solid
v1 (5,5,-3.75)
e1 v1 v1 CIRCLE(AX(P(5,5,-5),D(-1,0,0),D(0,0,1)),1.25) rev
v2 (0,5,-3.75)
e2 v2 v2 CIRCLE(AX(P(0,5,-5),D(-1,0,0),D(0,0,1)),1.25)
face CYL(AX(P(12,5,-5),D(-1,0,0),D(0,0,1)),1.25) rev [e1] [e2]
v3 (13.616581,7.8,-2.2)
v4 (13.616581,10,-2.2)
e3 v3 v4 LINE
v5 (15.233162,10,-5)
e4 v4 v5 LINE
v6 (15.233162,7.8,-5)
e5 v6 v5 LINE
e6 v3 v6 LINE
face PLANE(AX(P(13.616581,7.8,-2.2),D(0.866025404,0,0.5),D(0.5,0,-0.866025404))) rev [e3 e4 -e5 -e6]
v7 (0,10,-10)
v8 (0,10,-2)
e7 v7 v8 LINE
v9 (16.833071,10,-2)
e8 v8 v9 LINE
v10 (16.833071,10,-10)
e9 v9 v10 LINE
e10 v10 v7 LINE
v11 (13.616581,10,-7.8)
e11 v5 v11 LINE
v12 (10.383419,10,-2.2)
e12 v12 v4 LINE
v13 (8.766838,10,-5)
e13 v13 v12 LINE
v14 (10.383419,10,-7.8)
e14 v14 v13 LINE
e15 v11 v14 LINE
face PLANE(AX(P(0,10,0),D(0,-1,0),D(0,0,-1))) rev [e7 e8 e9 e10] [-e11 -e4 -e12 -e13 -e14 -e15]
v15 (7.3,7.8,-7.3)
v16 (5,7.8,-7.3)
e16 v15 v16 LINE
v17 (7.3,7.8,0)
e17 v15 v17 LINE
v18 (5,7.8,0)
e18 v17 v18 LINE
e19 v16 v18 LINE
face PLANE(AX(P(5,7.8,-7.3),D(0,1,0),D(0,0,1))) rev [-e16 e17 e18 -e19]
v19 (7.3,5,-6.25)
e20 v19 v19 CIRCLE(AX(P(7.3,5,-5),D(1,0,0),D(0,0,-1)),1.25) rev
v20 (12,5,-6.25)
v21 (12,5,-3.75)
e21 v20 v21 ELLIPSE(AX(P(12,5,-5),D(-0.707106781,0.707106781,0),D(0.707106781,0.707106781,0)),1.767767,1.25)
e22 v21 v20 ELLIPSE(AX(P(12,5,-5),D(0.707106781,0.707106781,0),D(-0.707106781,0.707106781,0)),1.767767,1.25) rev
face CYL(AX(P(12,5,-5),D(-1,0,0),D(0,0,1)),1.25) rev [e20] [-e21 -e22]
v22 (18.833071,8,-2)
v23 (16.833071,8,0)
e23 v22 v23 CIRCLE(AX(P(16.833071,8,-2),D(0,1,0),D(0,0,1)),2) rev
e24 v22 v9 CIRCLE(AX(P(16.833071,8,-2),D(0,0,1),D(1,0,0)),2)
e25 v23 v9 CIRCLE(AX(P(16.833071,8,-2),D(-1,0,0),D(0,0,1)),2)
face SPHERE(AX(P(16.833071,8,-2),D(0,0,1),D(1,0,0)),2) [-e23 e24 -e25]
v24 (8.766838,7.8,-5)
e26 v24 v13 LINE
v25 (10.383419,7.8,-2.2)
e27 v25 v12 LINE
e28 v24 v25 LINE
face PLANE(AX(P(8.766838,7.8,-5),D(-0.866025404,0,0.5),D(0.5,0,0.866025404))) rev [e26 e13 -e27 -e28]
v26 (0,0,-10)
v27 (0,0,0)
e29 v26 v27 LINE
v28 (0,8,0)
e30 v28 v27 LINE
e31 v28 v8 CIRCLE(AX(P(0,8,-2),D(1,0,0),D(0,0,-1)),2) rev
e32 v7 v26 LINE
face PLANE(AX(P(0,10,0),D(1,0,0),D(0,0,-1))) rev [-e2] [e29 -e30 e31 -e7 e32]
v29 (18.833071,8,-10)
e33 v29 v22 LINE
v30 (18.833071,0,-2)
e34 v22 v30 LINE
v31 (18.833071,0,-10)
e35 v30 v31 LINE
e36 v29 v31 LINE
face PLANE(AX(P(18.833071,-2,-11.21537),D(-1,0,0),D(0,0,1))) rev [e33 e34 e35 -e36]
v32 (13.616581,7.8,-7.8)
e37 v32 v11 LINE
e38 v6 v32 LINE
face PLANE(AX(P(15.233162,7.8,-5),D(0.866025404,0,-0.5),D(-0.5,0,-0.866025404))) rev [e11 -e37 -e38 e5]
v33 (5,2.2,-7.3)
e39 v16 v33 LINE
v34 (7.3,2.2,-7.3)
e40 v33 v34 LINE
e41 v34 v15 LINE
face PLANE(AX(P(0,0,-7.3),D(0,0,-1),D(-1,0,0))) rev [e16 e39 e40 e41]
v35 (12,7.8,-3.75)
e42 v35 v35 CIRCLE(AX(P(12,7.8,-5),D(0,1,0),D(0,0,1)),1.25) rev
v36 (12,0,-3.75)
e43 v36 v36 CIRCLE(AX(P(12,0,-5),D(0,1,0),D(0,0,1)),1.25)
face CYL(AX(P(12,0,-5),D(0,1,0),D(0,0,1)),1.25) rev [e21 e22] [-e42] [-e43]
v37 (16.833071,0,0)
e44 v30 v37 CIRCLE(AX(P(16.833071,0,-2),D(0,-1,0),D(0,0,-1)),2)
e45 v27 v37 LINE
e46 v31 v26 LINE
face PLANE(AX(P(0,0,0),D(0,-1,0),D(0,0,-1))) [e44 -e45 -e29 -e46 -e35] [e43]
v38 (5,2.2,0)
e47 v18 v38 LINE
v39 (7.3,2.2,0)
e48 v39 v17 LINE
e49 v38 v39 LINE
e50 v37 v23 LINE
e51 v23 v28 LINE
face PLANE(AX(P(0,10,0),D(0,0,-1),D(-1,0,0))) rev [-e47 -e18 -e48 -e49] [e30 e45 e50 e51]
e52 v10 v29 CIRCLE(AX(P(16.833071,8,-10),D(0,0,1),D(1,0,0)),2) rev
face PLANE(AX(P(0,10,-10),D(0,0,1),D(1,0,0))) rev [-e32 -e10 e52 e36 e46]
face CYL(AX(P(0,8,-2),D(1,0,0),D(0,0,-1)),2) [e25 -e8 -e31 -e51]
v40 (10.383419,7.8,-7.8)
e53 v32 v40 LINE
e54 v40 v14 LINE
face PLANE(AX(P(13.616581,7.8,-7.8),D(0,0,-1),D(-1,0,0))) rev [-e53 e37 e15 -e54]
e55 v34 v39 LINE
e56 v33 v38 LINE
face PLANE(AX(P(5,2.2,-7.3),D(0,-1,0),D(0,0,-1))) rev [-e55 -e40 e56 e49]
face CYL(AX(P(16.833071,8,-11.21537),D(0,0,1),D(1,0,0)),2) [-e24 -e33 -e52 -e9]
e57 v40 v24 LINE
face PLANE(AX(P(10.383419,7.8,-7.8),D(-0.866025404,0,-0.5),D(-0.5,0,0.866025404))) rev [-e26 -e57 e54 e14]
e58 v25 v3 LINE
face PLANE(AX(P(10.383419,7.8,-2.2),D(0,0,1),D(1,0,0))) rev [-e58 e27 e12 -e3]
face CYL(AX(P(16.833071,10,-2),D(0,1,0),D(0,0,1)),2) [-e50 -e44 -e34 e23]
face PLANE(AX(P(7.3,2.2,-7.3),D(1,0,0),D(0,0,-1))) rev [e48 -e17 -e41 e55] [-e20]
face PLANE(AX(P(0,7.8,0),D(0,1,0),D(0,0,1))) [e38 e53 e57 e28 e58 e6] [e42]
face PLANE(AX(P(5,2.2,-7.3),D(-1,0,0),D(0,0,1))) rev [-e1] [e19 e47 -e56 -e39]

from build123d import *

# Parameters (mm, degrees)
SKETCH1_W           = 74.5
SKETCH1_H           = 10
BOSS_EXTRUDE1_DEPTH = 10
SKETCH2_R           = 1.25
CUT_EXTRUDE1_DEPTH  = 10
SKETCH4_R           = 1.25
CUT_EXTRUDE3_DEPTH  = 5
CUT_EXTRUDE4_START  = -12
SKETCH5_R           = 1.25
CUT_EXTRUDE4_DEPTH  = 12
CUT_EXTRUDE5_DEPTH  = 2.2
CUT_EXTRUDE6_DEPTH  = 2.2
SKETCH11_W          = 2.3
SKETCH11_H          = 5.6
CUT_EXTRUDE9_DEPTH  = 7.3
SKETCH12_W          = 92.79599186
SKETCH12_H          = 35.188487641
CUT_EXTRUDE10_DEPTH = 14
SKETCH13_W          = 8.109024166
SKETCH13_H          = 12.314563919
CUT_EXTRUDE11_DEPTH = 12
FILLET2_R           = 2
FILLET3_R           = 2


with BuildPart() as part:
    # Sketch1 → Boss-Extrude1 (new body)
    with BuildSketch(Plane(origin=(0, 0, 0), x_dir=(1, 0, 0), z_dir=(0, 1, 0))):
        with Locations((37.25, 5)):
            Rectangle(SKETCH1_W, SKETCH1_H)
    extrude(amount=BOSS_EXTRUDE1_DEPTH)

    # Sketch2 → Cut-Extrude1 (cut)
    with BuildSketch(Plane(origin=(0, 10, 0), x_dir=(1, 0, 0), z_dir=(0, 1, 0))):
        with Locations(Location((12, 5, 0), (0, 0, 270))):
            Circle(SKETCH2_R)
        with Locations(Location((62.5, 5, 0), (0, 0, 270))):
            Circle(SKETCH2_R)
    extrude(amount=-CUT_EXTRUDE1_DEPTH, mode=Mode.SUBTRACT)

    # Sketch4 → Cut-Extrude3 (cut)
    with BuildSketch(Plane(origin=(74.5, 0, 0), x_dir=(0, 0, -1), z_dir=(1, 0, 0))):
        with Locations((5, 5)):
            Circle(SKETCH4_R)
    extrude(amount=-CUT_EXTRUDE3_DEPTH, mode=Mode.SUBTRACT)

    # Sketch5 → Cut-Extrude4 (cut)
    with BuildSketch(Plane.ZY.offset(CUT_EXTRUDE4_START)):
        with Locations(Location((-5, 5, 0), (0, 0, 180))):
            Circle(SKETCH5_R)
    extrude(amount=CUT_EXTRUDE4_DEPTH, mode=Mode.SUBTRACT)

    # Sketch6 → Cut-Extrude5 (cut)
    with BuildSketch(Plane(origin=(0, 10, 0), x_dir=(1, 0, 0), z_dir=(0, 1, 0))):
        Polygon((13.616580754, 2.2), (15.233161507, 5), (13.616580754, 7.8), (10.383419246, 7.8), (8.766838493, 5), (10.383419246, 2.2), align=None)
    extrude(amount=-CUT_EXTRUDE5_DEPTH, mode=Mode.SUBTRACT)

    # Sketch7 → Cut-Extrude6 (cut)
    with BuildSketch(Plane(origin=(0, 10, 0), x_dir=(1, 0, 0), z_dir=(0, 1, 0))):
        Polygon((60.883419246, 7.8), (59.266838493, 5), (60.883419246, 2.2), (64.116580754, 2.2), (65.733161507, 5), (64.116580754, 7.8), align=None)
    extrude(amount=-CUT_EXTRUDE6_DEPTH, mode=Mode.SUBTRACT)

    # Sketch11 → Cut-Extrude9 (cut)
    with BuildSketch(Plane.XY):
        with Locations((6.15, 5)):
            Rectangle(SKETCH11_W, SKETCH11_H)
        with Locations((68.35, 5)):
            Rectangle(SKETCH11_W, SKETCH11_H)
    extrude(amount=-CUT_EXTRUDE9_DEPTH, mode=Mode.SUBTRACT)

    # Sketch12 → Cut-Extrude10 (cut)
    with BuildSketch(Plane.XY):
        with Locations((72.539564665, 12.110455679)):
            Rectangle(SKETCH12_W, SKETCH12_H)
    extrude(amount=-CUT_EXTRUDE10_DEPTH, mode=Mode.SUBTRACT)

    # Sketch13 → Cut-Extrude11 (cut)
    with BuildSketch(Plane(origin=(0, 10, 0), x_dir=(1, 0, 0), z_dir=(0, 1, 0))):
        with Locations((22.887582964, 5.058087566)):
            Rectangle(SKETCH13_W, SKETCH13_H)
    extrude(amount=-CUT_EXTRUDE11_DEPTH, mode=Mode.SUBTRACT)

    # Fillet2
    fillet2_edges = [part.edges().sort_by_distance(p)[0] for p in [
        (18.833070881, 5, 0),
    ]]
    fillet(fillet2_edges, radius=FILLET2_R)

    # Fillet3
    fillet3_edges = [part.edges().sort_by_distance(p)[0] for p in [
        (18.833070881, 10, -6),
        (18.247284443, 10, -0.585786438),
        (8.416535441, 10, 0),
    ]]
    fillet(fillet3_edges, radius=FILLET3_R)


solid = part.part
